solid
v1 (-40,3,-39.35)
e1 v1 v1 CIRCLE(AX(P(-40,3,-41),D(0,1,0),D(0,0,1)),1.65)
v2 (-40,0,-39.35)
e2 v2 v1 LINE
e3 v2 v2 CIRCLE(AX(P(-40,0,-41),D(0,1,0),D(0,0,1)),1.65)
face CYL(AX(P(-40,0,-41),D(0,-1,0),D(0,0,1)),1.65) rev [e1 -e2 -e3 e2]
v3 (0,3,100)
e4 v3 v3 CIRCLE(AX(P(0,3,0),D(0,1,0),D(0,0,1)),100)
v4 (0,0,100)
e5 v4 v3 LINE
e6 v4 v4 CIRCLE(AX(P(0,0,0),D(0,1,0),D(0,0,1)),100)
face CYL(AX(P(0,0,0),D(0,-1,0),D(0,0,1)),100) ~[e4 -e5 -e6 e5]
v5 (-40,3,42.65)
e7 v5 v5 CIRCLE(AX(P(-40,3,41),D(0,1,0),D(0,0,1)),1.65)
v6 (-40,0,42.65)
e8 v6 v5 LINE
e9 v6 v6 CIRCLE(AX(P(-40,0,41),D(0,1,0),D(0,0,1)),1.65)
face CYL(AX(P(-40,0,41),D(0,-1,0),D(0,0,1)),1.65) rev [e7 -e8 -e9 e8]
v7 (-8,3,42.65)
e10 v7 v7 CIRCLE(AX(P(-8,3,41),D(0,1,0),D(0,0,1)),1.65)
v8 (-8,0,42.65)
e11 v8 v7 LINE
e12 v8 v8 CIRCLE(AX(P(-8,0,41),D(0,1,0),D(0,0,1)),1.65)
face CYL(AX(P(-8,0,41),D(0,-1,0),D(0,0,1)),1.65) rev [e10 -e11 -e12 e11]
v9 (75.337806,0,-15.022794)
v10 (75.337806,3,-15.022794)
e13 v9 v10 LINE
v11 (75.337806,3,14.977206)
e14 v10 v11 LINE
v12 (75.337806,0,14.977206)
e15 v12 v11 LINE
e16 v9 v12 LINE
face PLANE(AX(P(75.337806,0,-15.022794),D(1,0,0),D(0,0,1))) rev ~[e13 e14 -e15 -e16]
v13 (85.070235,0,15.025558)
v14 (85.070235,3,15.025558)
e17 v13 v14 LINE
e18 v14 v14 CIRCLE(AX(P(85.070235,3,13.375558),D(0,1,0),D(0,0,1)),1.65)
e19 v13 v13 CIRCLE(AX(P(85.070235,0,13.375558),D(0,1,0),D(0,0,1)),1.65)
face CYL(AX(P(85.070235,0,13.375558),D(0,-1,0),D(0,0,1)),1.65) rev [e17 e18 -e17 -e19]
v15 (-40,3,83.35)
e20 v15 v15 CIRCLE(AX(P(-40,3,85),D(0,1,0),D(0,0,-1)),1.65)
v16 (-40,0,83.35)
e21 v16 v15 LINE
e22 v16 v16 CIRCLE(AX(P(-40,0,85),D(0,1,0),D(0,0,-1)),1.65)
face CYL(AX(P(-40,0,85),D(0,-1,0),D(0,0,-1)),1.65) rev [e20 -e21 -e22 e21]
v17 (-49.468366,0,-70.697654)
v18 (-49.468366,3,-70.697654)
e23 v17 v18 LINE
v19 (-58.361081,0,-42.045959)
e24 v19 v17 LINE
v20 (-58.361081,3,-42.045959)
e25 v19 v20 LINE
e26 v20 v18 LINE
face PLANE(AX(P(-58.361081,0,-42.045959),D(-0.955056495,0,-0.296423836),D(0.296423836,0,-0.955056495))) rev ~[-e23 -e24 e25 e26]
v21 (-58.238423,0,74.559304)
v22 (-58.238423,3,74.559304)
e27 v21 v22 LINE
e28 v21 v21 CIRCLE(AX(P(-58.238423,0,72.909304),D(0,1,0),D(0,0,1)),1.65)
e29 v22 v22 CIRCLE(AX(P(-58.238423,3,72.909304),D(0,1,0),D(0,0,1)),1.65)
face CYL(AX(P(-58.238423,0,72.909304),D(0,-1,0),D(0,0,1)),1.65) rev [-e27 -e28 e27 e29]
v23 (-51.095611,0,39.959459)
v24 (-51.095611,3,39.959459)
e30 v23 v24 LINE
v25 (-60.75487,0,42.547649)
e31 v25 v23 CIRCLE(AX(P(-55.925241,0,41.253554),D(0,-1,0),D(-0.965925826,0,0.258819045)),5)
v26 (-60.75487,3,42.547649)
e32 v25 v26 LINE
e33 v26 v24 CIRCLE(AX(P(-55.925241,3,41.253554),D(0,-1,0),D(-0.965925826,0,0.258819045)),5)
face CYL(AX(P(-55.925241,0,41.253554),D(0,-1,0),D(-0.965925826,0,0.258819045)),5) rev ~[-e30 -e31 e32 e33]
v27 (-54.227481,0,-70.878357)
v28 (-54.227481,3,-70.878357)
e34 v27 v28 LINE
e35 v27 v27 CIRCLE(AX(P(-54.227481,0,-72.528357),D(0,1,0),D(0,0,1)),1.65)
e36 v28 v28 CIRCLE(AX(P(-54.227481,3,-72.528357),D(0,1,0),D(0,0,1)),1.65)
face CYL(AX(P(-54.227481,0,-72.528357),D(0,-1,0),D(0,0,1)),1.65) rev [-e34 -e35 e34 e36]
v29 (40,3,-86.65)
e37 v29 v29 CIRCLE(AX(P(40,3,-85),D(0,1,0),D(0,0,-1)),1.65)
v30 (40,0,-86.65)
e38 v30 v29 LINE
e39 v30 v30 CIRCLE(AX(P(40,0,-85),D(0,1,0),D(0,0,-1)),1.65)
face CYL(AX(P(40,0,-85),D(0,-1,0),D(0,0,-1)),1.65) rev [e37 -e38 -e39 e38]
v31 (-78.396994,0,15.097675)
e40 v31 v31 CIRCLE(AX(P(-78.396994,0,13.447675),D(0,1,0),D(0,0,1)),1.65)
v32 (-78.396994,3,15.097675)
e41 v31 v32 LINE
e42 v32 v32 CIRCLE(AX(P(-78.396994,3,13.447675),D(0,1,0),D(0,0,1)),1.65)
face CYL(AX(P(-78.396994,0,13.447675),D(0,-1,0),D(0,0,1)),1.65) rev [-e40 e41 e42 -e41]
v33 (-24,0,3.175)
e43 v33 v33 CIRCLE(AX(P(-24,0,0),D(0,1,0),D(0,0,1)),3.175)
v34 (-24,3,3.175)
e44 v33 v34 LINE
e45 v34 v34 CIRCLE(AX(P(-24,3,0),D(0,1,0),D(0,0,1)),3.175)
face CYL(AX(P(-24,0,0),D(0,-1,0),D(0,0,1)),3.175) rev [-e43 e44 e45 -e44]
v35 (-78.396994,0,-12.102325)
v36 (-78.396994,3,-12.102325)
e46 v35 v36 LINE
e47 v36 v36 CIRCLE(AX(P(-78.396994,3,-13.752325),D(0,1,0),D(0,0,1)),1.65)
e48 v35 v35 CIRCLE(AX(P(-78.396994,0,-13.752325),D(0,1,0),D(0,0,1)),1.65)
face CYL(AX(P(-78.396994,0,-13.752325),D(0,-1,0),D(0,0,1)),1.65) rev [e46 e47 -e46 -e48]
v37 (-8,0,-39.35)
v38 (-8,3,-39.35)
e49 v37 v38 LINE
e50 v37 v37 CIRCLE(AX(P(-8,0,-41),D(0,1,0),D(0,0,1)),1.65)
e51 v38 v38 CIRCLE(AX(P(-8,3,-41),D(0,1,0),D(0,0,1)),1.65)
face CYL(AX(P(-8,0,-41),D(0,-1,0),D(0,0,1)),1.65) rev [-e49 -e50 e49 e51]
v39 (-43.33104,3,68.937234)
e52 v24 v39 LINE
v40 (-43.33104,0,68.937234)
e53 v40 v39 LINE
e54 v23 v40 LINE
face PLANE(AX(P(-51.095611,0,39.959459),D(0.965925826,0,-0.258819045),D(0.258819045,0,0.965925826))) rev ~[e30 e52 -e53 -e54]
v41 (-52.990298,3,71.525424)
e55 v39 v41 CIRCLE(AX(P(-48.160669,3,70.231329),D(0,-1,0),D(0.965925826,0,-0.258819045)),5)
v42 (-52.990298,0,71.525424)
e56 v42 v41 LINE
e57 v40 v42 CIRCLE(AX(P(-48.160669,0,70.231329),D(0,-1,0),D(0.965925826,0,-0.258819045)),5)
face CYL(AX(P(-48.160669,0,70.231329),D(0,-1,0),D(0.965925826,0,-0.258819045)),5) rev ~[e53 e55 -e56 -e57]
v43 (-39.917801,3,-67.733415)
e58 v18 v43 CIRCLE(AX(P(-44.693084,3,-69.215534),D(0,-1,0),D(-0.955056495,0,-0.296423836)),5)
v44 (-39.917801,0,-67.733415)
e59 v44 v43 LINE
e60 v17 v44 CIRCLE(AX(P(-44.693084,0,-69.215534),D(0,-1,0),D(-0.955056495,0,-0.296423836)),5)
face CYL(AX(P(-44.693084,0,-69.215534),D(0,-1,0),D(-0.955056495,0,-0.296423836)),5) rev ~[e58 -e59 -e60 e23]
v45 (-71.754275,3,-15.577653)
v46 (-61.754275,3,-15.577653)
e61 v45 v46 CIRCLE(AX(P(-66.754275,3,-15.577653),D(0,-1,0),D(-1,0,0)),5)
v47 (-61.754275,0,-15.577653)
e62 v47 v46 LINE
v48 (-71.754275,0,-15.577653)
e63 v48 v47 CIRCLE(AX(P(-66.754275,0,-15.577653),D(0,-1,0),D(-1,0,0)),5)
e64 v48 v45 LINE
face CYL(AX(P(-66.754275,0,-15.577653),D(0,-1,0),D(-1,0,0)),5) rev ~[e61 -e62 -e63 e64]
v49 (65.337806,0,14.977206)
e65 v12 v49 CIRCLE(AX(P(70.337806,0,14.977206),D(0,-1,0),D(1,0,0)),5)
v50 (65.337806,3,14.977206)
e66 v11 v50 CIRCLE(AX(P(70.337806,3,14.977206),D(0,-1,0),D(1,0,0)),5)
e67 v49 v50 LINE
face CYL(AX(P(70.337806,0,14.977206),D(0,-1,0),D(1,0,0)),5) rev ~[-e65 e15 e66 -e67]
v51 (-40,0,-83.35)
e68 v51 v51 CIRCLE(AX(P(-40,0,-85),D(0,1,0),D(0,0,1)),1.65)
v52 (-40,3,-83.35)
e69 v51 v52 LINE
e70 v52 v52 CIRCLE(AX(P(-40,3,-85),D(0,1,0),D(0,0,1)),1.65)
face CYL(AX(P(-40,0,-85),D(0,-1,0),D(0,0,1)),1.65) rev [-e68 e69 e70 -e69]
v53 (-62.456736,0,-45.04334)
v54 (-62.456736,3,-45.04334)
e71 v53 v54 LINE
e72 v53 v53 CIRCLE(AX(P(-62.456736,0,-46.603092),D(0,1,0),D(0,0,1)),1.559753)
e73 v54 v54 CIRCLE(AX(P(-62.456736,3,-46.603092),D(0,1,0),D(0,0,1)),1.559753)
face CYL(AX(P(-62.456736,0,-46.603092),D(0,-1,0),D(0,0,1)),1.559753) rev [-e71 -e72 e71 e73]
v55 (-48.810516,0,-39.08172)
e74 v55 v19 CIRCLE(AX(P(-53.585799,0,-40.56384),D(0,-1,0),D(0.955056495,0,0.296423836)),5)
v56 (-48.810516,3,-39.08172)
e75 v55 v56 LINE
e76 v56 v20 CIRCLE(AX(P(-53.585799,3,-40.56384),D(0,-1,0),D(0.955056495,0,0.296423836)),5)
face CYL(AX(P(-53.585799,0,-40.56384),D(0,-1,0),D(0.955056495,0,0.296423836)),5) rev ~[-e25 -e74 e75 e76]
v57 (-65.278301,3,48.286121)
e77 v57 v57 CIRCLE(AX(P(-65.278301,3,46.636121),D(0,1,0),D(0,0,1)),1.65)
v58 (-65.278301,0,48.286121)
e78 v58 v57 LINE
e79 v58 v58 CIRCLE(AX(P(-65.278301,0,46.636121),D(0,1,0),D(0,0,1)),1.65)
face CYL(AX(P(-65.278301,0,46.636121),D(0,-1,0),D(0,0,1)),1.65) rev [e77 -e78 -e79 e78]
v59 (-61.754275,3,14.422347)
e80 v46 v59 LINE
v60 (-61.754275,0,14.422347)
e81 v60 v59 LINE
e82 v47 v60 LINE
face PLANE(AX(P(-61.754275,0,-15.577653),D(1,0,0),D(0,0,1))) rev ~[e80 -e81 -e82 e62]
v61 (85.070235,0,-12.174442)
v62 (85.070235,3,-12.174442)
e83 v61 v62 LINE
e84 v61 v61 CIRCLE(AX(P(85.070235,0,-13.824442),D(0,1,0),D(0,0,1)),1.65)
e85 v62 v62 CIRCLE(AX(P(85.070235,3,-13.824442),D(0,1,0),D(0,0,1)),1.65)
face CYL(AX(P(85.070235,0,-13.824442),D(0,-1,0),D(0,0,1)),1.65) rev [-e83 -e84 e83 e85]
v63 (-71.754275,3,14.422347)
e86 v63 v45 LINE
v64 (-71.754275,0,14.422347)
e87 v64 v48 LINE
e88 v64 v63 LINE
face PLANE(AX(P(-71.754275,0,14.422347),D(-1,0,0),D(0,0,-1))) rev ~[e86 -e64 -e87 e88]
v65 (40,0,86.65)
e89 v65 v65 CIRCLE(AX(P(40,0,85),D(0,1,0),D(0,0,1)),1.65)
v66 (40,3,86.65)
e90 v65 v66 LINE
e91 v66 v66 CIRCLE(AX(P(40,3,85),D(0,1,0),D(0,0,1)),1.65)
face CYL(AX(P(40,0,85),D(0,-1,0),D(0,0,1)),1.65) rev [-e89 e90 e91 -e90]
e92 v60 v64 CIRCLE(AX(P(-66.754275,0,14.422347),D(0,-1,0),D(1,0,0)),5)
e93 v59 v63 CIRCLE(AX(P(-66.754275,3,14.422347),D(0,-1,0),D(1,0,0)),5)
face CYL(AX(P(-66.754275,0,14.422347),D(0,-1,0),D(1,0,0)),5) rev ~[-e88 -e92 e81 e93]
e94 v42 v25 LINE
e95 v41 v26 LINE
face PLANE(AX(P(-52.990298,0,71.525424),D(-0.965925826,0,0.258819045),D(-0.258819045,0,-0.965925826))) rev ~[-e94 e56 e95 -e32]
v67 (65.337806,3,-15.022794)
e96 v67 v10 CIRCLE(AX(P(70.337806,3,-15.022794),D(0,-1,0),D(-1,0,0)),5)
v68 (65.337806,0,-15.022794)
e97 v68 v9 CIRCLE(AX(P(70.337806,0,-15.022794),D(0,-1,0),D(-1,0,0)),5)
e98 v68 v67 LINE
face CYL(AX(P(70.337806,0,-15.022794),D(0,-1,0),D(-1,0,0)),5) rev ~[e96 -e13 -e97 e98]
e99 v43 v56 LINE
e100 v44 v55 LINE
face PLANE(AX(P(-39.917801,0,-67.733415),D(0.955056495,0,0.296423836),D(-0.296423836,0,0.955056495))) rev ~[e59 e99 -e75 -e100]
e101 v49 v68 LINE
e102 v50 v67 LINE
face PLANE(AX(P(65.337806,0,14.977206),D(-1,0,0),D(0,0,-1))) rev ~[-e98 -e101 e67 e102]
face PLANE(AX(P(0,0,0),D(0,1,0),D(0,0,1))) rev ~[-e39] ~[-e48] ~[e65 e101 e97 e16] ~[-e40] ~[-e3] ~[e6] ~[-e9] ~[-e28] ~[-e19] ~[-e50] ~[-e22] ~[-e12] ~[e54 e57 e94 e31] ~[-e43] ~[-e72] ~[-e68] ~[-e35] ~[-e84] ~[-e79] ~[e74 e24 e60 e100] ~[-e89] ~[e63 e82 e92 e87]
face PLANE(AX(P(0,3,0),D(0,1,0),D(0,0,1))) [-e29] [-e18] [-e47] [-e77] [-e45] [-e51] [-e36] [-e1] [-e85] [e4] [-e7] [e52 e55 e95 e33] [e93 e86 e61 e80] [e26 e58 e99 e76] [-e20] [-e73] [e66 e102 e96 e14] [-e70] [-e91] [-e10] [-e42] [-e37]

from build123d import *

# Parameters (mm, degrees)
CROQUIS1_R              = 100
CROQUIS1_R_2            = 1.65
CROQUIS1_R_3            = 3.175
CROQUIS1_R_4            = 1.559752628
SALIENTE_EXTRUIR1_DEPTH = 3


with BuildPart() as part:
    # Croquis1 → Saliente-Extruir1 (new body)
    with BuildSketch(Plane(origin=(0, 0, 0), x_dir=(1, 0, 0), z_dir=(0, 1, 0))):
        with Locations(Location((0, 0, 0), (0, 0, 270))):
            Circle(CROQUIS1_R)
        with Locations(Location((40, -85, 0), (0, 0, 270))):
            Circle(CROQUIS1_R_2, mode=Mode.SUBTRACT)
        with Locations(Location((40, 85, 0), (0, 0, 90))):
            Circle(CROQUIS1_R_2, mode=Mode.SUBTRACT)
        with Locations(Location((-40, -85, 0), (0, 0, 90))):
            Circle(CROQUIS1_R_2, mode=Mode.SUBTRACT)
        with Locations(Location((-40, 85, 0), (0, 0, 270))):
            Circle(CROQUIS1_R_2, mode=Mode.SUBTRACT)
        with Locations(Location((-40, 41, 0), (0, 0, 270))):
            Circle(CROQUIS1_R_2, mode=Mode.SUBTRACT)
        with Locations(Location((-40, -41, 0), (0, 0, 270))):
            Circle(CROQUIS1_R_2, mode=Mode.SUBTRACT)
        with Locations(Location((-24, 0, 0), (0, 0, 270))):
            Circle(CROQUIS1_R_3, mode=Mode.SUBTRACT)
        with Locations(Location((-8, 41, 0), (0, 0, 270))):
            Circle(CROQUIS1_R_2, mode=Mode.SUBTRACT)
        with Locations(Location((-8, -41, 0), (0, 0, 270))):
            Circle(CROQUIS1_R_2, mode=Mode.SUBTRACT)
        with Locations(Location((85.070235004, 13.824441517, 0), (0, 0, 270))):
            Circle(CROQUIS1_R_2, mode=Mode.SUBTRACT)
        with Locations(Location((85.070235004, -13.375558483, 0), (0, 0, 270))):
            Circle(CROQUIS1_R_2, mode=Mode.SUBTRACT)
        with Locations(Location((-54.227480628, 72.528357265, 0), (0, 0, 270))):
            Circle(CROQUIS1_R_2, mode=Mode.SUBTRACT)
        with Locations(Location((-62.456735614, 46.603092322, 0), (0, 0, 270))):
            Circle(CROQUIS1_R_4, mode=Mode.SUBTRACT)
        with Locations(Location((-78.396993978, 13.752324836, 0), (0, 0, 270))):
            Circle(CROQUIS1_R_2, mode=Mode.SUBTRACT)
        with Locations(Location((-78.396993978, -13.447675164, 0), (0, 0, 270))):
            Circle(CROQUIS1_R_2, mode=Mode.SUBTRACT)
        with Locations(Location((-65.278300678, -46.636121303, 0), (0, 0, 270))):
            Circle(CROQUIS1_R_2, mode=Mode.SUBTRACT)
        with Locations(Location((-58.238422651, -72.909303778, 0), (0, 0, 270))):
            Circle(CROQUIS1_R_2, mode=Mode.SUBTRACT)
        with BuildLine():
            Line((-51.095611493, -39.959459006), (-43.33104014, -68.937233795))
            ThreePointArc((-43.33104014, -68.937233795), (-46.866574046, -75.060958152), (-52.990298403, -71.525424246))
            Line((-52.990298403, -71.525424246), (-60.754869756, -42.547649457))
            ThreePointArc((-60.754869756, -42.547649457), (-57.21933585, -36.4239251), (-51.095611493, -39.959459006))
        make_face(mode=Mode.SUBTRACT)
        with BuildLine():
            Line((-61.754274717, 15.577653458), (-61.754274717, -14.422346542))
            ThreePointArc((-61.754274717, -14.422346542), (-66.754274717, -19.422346542), (-71.754274717, -14.422346542))
            Line((-71.754274717, -14.422346542), (-71.754274717, 15.577653458))
            ThreePointArc((-71.754274717, 15.577653458), (-66.754274717, 20.577653458), (-61.754274717, 15.577653458))
        make_face(mode=Mode.SUBTRACT)
        with BuildLine():
            Line((-39.917801293, 67.733415285), (-48.810516369, 39.081720421))
            ThreePointArc((-48.810516369, 39.081720421), (-55.067918025, 35.788557123), (-58.361081323, 42.04595878))
            Line((-58.361081323, 42.04595878), (-49.468366247, 70.697653644))
            ThreePointArc((-49.468366247, 70.697653644), (-43.210964591, 73.990816942), (-39.917801293, 67.733415285))
        make_face(mode=Mode.SUBTRACT)
        with BuildLine():
            Line((75.337806397, 15.02279383), (75.337806397, -14.97720617))
            ThreePointArc((75.337806397, -14.97720617), (70.337806397, -19.97720617), (65.337806397, -14.97720617))
            Line((65.337806397, -14.97720617), (65.337806397, 15.02279383))
            ThreePointArc((65.337806397, 15.02279383), (70.337806397, 20.02279383), (75.337806397, 15.02279383))
        make_face(mode=Mode.SUBTRACT)
    extrude(amount=SALIENTE_EXTRUIR1_DEPTH)


solid = part.part
